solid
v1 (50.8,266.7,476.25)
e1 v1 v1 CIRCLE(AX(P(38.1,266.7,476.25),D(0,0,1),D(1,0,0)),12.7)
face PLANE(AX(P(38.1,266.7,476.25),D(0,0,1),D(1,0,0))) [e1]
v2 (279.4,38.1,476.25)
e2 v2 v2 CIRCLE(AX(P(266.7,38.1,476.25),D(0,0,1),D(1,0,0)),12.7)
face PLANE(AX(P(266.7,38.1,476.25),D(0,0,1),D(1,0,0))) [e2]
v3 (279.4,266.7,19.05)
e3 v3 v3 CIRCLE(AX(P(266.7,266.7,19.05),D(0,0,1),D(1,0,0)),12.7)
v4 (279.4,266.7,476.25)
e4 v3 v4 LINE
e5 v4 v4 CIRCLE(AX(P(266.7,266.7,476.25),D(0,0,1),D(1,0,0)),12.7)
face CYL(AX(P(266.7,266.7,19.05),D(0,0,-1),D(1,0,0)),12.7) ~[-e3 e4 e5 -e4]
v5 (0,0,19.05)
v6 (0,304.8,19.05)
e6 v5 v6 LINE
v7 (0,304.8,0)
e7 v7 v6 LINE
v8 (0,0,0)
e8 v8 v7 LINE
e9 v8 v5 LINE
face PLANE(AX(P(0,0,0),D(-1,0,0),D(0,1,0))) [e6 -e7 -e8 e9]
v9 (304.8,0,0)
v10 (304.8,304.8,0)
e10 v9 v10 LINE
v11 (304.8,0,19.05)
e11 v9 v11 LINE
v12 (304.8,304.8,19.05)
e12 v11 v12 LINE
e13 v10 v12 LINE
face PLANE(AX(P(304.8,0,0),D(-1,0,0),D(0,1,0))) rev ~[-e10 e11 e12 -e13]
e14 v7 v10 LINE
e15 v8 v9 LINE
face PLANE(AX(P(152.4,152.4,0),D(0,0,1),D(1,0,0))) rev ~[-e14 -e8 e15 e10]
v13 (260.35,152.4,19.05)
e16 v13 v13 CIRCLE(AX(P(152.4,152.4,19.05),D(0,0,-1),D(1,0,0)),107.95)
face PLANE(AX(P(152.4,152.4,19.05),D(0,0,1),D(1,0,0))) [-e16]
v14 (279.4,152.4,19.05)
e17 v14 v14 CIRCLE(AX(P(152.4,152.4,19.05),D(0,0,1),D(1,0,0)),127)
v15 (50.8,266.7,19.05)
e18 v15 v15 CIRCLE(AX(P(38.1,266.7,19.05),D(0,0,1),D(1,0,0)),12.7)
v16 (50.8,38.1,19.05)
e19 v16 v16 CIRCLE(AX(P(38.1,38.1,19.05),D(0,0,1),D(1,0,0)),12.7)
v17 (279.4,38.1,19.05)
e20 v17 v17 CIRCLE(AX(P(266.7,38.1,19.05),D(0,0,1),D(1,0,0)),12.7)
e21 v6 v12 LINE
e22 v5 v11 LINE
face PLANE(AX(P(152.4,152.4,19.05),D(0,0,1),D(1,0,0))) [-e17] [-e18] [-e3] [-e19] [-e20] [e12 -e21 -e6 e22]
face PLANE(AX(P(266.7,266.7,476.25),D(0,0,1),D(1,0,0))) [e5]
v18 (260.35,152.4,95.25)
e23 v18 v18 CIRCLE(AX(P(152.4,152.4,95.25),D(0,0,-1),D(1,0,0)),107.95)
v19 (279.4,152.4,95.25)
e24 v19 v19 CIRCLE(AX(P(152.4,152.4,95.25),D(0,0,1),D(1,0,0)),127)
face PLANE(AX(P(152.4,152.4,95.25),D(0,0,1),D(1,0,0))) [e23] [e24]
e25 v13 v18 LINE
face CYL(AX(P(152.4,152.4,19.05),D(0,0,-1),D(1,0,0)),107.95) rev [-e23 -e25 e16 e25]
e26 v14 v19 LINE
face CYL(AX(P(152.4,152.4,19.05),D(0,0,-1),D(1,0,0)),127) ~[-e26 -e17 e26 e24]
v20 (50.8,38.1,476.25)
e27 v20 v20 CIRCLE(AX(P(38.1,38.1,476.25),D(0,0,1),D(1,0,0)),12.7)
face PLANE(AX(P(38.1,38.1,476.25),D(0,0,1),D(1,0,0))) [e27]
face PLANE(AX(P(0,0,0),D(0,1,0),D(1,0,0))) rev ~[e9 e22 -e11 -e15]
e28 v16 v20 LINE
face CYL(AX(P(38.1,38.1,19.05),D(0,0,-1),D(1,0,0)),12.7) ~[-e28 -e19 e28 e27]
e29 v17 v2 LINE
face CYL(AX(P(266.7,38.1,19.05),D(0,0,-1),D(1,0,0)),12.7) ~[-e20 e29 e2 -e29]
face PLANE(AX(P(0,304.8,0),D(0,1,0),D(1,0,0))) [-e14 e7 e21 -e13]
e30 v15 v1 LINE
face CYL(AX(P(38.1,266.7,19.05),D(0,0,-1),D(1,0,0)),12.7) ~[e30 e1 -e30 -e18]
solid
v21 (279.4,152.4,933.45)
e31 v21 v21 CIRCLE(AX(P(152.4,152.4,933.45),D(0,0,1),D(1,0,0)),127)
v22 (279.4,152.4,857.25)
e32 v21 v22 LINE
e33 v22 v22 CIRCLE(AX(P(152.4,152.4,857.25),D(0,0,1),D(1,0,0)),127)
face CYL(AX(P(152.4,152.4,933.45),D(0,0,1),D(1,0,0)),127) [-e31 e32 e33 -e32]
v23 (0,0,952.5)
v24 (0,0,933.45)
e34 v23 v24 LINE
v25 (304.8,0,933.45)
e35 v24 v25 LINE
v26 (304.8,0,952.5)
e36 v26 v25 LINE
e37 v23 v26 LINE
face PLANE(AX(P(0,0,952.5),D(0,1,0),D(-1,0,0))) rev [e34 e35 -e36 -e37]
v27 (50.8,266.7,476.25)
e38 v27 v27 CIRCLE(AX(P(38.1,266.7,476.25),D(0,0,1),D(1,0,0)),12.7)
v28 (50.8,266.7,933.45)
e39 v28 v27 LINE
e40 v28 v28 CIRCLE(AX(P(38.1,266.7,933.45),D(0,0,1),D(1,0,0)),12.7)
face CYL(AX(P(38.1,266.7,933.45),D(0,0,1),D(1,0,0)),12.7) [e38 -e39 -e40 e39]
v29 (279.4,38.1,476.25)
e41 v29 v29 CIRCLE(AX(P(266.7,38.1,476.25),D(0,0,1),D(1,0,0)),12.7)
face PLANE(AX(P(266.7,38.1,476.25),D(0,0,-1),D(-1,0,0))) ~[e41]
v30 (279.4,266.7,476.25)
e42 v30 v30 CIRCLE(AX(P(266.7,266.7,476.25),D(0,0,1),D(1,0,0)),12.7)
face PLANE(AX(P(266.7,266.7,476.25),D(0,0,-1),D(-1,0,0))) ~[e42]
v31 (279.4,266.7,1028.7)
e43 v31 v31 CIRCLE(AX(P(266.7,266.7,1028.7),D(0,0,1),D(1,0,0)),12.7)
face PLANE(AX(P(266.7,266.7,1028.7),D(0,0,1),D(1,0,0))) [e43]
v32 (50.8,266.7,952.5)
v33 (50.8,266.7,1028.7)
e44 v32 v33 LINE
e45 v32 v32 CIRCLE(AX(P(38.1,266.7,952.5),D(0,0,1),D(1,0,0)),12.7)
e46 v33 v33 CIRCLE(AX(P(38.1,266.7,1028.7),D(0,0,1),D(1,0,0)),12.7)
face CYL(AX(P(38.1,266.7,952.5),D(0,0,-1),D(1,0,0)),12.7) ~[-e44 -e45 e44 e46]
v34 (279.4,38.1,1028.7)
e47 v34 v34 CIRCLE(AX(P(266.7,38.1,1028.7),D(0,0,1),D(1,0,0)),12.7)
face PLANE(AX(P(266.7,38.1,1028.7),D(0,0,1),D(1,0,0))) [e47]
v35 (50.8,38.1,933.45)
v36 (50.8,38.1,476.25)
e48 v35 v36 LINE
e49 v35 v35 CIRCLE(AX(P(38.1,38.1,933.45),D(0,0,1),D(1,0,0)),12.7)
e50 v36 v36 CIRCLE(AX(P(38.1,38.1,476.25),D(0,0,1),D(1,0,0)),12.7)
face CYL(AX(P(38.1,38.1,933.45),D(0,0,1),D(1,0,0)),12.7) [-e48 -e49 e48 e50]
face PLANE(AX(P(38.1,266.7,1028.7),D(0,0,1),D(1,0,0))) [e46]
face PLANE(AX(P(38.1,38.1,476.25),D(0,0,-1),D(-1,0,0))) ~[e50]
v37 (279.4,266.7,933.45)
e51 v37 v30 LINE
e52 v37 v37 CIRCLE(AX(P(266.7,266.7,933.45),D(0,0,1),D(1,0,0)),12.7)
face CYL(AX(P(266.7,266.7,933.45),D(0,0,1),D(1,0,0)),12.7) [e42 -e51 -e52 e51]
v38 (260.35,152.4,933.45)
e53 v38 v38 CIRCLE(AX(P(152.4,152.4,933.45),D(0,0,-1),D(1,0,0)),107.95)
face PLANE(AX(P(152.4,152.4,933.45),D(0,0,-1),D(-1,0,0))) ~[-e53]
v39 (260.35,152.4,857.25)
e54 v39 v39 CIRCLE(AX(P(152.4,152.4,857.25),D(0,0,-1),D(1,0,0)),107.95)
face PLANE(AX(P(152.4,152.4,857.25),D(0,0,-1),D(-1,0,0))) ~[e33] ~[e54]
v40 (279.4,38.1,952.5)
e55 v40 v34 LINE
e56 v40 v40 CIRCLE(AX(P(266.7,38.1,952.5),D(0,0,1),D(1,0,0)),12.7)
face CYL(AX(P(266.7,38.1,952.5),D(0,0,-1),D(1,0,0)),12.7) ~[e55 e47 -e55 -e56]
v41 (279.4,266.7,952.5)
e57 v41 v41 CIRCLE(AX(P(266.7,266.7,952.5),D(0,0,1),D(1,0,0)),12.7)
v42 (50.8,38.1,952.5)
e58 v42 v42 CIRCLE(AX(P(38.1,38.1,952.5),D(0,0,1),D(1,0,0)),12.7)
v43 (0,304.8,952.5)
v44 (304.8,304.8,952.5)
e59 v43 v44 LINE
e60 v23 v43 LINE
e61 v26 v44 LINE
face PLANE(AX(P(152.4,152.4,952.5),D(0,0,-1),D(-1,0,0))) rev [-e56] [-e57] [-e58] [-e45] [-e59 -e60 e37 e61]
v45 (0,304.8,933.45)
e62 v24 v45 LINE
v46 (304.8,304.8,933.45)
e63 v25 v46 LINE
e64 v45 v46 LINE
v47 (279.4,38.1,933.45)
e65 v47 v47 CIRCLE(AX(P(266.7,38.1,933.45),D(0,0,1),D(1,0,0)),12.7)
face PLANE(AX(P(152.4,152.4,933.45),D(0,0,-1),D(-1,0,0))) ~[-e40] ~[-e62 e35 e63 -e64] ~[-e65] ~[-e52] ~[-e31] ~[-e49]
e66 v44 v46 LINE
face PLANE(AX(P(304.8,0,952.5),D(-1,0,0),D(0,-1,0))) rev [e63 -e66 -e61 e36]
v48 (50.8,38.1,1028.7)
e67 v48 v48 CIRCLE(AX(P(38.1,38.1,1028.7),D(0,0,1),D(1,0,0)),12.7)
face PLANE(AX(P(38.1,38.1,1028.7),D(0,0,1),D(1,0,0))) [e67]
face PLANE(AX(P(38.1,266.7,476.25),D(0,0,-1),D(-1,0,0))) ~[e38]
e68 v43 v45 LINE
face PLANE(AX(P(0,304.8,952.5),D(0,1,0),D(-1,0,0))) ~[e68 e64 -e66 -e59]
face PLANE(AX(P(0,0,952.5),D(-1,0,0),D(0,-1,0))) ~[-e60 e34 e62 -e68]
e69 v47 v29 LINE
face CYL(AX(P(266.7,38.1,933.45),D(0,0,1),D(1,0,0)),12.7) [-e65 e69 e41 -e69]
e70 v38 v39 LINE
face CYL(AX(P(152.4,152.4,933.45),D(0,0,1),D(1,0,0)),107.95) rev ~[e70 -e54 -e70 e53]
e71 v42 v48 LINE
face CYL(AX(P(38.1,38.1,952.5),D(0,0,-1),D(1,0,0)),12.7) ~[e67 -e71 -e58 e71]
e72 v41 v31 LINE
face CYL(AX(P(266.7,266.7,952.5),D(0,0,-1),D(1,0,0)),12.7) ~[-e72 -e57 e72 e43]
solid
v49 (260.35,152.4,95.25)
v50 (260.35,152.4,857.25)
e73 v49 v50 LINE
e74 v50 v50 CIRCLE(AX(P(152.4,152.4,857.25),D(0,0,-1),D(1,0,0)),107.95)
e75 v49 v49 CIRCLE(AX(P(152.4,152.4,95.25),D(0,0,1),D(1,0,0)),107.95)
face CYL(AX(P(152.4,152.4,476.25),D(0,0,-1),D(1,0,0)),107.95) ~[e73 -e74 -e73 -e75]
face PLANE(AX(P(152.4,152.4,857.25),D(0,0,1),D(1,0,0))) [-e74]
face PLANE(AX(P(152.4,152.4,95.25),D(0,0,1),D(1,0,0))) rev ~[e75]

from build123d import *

# Parameters (mm, degrees)
F0_W      = 304.8
F0_H      = 304.8
F1_DEPTH  = 19.05
F2_R      = 127
F3_DEPTH  = 76.2
F4_T      = -19.05
F5_R      = 12.7
F6_DEPTH  = 457.2
F7_R      = 107.95
F8_DEPTH  = 381
F10_R     = 107.95
F11_DEPTH = 381
F12_R     = 12.7
F13_DEPTH = 76.2


with BuildPart() as f1:
    # F0 (on Top) → F1 (new body)
    with BuildSketch(Plane.XY):
        with Locations((152.4, 152.4)):
            Rectangle(F0_W, F0_H)
    extrude(amount=F1_DEPTH)

    # F2 (on face) → F3 (join)
    with BuildSketch(Plane.XY.offset(19.05)):
        with Locations((152.4, 152.4)):
            Circle(F2_R)
    extrude(amount=F3_DEPTH)

    # F4
    f4_openings = [f1.faces().sort_by_distance(p)[0] for p in [
        (152.4, 152.4, 95.25),
    ]]
    offset(amount=F4_T, openings=f4_openings, kind=Kind.INTERSECTION)

    # F5 (on face) → F6 (join)
    with BuildSketch(Plane.XY.offset(19.05)):
        with Locations((266.7, 266.7)):
            Circle(F5_R)
        with Locations((266.7, 38.1)):
            Circle(F5_R)
        with Locations((38.1, 266.7)):
            Circle(F5_R)
        with Locations((38.1, 38.1)):
            Circle(F5_R)
    extrude(amount=F6_DEPTH)


with BuildPart() as f8:
    # F7 (on face) → F8 (new body)
    with BuildSketch(Plane.XY.offset(95.25)):
        with Locations((152.4, 152.4)):
            Circle(F7_R)
    extrude(amount=F8_DEPTH)



with BuildPart() as f9_1:
    # F9: instance of F1
    add(f1.part.mirror(Plane(origin=(152.4, 152.4, 476.25), x_dir=(1, 0, 0), z_dir=(0, 0, 1))))


with BuildPart() as f8_1:
    add(f8.part)

    add(f9_1.part)  # F11 merges F9_1
    # F10 (on face) → F11 (join)
    with BuildSketch(Plane.XY.offset(476.25)):
        with Locations((152.4, 152.4)):
            Circle(F10_R)
    extrude(amount=F11_DEPTH)

    # F12 (on face) → F13 (join)
    with BuildSketch(Plane.XY.offset(952.5)):
        with Locations((38.1, 266.7)):
            Circle(F12_R)
        with Locations((38.1, 38.1)):
            Circle(F12_R)
        with Locations((266.7, 266.7)):
            Circle(F12_R)
        with Locations((266.7, 38.1)):
            Circle(F12_R)
    extrude(amount=F13_DEPTH)


solid = Compound([f1.part, f8_1.part])
